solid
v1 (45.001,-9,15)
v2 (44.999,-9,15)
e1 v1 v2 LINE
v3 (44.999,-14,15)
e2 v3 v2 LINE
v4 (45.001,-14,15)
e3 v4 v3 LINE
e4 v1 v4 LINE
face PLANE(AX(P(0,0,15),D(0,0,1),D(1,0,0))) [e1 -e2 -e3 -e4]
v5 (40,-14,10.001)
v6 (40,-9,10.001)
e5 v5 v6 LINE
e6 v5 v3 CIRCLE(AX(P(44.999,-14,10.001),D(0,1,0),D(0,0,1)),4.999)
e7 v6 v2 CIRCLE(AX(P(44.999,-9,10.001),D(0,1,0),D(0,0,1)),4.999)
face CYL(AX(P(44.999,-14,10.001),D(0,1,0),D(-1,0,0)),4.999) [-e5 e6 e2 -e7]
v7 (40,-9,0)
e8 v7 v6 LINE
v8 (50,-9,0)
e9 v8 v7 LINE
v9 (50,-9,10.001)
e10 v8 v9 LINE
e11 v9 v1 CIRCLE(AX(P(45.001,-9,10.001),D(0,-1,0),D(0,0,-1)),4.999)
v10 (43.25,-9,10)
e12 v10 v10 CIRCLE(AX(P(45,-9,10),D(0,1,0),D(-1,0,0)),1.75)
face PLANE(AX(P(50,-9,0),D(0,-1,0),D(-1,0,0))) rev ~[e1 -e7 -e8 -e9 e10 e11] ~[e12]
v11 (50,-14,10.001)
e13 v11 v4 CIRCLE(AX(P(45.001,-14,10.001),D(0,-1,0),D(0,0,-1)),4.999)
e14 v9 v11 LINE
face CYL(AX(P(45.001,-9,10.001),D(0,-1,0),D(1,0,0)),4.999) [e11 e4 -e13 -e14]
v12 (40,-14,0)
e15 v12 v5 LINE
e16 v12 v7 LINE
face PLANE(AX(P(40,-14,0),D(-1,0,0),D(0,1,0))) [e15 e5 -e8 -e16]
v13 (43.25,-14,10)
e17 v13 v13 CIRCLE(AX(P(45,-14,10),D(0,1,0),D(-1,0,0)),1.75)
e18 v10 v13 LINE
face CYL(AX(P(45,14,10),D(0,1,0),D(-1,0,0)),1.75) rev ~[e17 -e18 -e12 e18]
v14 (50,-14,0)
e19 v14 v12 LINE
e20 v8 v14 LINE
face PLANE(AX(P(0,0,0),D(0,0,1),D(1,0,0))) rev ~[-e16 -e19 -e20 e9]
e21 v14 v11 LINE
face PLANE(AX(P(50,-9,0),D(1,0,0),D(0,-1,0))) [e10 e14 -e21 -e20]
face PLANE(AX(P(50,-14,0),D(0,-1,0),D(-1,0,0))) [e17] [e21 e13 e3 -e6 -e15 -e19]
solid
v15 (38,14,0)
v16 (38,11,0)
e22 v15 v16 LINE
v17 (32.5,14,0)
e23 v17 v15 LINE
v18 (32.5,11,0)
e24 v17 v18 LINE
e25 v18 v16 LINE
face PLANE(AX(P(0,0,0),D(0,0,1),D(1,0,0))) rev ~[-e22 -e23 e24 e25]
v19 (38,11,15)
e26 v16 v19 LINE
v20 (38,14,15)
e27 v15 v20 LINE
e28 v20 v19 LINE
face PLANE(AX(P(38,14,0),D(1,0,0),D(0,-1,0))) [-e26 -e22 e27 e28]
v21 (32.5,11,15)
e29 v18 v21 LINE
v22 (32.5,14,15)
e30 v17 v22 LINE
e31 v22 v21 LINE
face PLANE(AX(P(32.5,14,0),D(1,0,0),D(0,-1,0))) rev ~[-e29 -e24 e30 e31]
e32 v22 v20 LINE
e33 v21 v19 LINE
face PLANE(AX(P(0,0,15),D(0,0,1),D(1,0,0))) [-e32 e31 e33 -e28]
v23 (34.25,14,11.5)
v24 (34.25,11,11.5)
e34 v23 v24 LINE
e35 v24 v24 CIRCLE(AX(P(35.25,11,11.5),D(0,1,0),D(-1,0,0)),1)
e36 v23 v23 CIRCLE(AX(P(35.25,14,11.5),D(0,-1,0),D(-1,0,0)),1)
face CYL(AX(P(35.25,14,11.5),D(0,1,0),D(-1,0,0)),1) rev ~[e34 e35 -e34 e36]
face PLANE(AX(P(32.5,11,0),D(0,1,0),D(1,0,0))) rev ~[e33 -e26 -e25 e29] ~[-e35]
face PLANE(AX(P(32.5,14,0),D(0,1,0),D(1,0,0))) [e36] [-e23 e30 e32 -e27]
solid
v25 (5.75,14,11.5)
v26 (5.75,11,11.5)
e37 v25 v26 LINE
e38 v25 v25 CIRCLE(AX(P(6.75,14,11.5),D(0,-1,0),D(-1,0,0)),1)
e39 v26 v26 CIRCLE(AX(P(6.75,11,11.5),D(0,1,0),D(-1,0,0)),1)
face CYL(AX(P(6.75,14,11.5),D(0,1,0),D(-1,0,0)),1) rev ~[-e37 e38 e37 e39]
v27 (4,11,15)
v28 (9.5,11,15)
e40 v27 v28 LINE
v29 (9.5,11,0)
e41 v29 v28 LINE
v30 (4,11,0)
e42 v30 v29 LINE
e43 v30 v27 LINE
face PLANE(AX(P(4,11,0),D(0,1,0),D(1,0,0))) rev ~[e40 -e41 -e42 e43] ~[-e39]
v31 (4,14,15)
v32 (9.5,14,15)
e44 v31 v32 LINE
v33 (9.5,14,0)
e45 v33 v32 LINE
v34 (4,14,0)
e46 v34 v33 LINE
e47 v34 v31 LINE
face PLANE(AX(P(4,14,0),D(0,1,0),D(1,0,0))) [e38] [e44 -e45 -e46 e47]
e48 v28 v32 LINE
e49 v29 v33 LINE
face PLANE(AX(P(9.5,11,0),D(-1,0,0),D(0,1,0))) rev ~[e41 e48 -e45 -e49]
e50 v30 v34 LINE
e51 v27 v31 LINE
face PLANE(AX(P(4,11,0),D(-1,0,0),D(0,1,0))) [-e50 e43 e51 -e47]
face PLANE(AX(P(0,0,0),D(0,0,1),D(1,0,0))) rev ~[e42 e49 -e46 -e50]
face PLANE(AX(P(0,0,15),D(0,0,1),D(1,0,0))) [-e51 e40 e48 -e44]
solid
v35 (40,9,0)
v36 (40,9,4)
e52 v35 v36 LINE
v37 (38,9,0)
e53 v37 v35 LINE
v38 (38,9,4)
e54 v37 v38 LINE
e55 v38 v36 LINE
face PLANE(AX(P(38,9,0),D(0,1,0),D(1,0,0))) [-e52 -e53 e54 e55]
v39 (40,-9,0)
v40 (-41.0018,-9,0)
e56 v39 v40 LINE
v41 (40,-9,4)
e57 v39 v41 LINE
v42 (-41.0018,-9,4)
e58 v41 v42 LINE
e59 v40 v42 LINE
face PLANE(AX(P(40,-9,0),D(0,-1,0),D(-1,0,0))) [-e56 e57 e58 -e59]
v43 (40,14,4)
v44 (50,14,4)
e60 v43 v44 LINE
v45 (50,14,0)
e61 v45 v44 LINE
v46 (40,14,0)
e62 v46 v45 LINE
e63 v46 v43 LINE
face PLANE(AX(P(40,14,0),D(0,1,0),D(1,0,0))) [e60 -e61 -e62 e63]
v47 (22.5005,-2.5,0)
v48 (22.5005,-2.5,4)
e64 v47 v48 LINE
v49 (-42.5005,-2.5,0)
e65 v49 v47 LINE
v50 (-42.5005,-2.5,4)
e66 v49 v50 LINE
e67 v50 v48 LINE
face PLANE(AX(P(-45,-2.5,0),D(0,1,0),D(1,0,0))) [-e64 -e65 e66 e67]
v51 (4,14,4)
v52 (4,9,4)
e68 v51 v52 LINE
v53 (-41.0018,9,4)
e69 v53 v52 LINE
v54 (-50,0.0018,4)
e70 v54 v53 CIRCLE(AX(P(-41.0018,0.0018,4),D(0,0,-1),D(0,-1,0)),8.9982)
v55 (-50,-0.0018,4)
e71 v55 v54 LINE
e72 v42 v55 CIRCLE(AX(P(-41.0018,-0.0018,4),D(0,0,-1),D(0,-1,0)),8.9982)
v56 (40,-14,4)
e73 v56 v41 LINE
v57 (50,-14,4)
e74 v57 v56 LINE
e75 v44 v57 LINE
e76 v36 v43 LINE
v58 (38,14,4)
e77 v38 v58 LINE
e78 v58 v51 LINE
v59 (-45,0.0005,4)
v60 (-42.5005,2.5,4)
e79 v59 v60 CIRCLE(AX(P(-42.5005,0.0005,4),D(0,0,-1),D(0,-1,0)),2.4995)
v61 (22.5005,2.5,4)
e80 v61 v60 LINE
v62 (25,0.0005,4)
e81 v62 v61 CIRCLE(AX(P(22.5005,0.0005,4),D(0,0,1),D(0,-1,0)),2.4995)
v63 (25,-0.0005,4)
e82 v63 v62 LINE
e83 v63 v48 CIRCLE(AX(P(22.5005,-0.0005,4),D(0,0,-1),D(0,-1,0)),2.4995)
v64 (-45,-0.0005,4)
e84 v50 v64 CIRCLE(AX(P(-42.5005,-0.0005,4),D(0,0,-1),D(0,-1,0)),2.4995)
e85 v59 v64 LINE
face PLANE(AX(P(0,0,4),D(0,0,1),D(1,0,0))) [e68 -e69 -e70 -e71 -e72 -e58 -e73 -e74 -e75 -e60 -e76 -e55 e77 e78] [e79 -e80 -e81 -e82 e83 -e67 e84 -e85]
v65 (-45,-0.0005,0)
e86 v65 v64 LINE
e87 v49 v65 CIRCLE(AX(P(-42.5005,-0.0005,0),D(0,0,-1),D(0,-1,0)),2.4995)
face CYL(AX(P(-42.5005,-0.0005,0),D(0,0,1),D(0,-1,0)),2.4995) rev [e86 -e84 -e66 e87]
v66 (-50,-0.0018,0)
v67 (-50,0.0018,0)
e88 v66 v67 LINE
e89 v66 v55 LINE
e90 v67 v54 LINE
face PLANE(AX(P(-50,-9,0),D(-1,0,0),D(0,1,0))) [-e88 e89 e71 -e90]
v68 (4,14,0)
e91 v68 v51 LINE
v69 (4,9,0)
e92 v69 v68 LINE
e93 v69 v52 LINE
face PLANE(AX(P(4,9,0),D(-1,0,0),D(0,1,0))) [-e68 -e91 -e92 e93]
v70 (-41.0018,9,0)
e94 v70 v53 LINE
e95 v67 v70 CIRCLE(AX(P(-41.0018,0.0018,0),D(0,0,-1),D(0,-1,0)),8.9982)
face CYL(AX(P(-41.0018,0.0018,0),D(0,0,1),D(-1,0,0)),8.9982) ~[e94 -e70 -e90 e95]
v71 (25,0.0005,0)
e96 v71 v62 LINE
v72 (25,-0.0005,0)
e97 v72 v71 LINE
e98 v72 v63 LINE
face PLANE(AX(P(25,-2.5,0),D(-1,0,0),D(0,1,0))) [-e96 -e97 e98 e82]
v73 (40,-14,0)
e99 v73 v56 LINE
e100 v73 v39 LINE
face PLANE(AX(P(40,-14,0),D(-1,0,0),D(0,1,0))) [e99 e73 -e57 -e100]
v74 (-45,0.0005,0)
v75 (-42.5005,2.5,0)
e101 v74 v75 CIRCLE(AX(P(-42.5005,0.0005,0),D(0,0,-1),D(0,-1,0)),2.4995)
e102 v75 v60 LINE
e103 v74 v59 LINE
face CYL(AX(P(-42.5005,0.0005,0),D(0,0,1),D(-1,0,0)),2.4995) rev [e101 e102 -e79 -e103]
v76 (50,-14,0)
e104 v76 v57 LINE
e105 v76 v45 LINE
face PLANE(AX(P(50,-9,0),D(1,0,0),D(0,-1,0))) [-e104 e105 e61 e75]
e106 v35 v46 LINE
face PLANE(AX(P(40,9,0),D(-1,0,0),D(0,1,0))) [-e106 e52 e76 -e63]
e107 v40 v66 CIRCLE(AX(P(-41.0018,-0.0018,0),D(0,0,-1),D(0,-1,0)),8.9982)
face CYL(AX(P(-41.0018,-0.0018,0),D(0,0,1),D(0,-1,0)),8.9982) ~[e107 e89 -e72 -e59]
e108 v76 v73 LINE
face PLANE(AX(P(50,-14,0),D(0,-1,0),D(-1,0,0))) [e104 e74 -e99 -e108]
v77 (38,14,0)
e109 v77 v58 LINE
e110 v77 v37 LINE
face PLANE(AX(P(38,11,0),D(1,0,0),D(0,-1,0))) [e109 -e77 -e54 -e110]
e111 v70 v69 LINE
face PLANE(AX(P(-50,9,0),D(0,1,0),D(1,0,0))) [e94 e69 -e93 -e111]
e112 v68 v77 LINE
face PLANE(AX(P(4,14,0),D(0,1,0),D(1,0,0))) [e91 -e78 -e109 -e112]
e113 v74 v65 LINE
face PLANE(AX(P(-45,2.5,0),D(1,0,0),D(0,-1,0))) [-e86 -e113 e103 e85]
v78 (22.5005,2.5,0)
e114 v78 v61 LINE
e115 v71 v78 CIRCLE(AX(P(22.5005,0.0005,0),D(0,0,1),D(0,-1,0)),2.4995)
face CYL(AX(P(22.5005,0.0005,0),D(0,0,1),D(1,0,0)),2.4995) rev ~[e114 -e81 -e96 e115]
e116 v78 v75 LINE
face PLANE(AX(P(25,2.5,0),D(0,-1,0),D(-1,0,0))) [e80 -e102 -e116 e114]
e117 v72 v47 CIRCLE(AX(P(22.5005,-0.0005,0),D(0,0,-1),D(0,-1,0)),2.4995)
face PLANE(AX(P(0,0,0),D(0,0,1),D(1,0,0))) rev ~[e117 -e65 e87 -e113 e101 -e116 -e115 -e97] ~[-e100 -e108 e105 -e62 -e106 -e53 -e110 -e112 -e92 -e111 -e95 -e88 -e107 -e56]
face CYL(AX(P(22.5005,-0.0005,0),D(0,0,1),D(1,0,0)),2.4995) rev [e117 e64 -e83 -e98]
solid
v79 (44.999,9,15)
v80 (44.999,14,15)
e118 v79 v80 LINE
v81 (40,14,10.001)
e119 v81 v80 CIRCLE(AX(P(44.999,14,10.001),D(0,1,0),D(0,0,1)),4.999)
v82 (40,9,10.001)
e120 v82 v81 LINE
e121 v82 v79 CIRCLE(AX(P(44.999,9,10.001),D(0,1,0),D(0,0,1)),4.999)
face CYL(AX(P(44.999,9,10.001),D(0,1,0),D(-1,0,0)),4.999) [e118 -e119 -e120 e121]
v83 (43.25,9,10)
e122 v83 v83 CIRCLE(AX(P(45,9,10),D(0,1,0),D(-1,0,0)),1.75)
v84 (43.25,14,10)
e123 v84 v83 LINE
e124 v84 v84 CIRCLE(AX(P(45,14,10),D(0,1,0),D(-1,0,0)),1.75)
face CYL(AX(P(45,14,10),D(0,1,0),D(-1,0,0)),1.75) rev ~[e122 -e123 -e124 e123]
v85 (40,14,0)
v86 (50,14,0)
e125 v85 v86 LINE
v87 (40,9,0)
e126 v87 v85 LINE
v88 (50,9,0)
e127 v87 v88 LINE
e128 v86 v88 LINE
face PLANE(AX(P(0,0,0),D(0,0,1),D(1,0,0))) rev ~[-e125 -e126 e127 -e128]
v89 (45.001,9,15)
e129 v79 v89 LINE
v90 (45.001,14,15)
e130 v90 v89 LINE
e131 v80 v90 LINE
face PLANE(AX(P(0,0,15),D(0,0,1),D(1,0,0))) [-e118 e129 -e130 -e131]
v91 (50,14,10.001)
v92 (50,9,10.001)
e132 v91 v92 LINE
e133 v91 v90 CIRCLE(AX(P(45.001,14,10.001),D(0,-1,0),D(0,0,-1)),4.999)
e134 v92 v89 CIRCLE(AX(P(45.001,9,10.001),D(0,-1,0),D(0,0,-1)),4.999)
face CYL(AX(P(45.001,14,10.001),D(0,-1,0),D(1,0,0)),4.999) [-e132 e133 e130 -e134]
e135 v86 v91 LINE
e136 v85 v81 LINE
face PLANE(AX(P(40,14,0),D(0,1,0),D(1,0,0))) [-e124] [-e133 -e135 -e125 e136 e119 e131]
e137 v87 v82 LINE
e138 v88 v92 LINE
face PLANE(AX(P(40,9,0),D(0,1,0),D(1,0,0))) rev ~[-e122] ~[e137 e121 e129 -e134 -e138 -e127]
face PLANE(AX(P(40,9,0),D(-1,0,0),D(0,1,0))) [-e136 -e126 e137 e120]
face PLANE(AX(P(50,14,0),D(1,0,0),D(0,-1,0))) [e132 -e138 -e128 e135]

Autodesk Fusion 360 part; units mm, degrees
sketch "Sketch1" plane through (0, 0, 0) normal (0, 0, 1) x (1, 0, 0)
  line L0 (50, -9) -> (-50, -9)
  line L1 (-50, -9) -> (-50, 9)
  line L2 (-50, 9) -> (50, 9)
  line L3 (50, 9) -> (50, -9)
  line L4 (50, -9) -> (-50, 9) construction
  line L5 (-50, -9) -> (50, 9) construction
  line L6 (40, 14) -> (50, 14)
  line L7 (50, 14) -> (50, -14)
  line L8 (50, -14) -> (40, -14)
  line L9 (40, -14) -> (40, 14)
  line L10 (4, 14) -> (38, 14)
  line L11 (38, 14) -> (38, 9)
  line L12 (38, 9) -> (4, 9)
  line L13 (4, 9) -> (4, 14)
  line L14 (38, 14) -> (4, 14)
  line L15 (4, 14) -> (4, 11)
  line L16 (4, 11) -> (38, 11)
  line L17 (38, 11) -> (38, 14)
  line L18 (9.5, 14) -> (32.5, 14)
  line L19 (32.5, 14) -> (32.5, 11)
  line L20 (32.5, 11) -> (9.5, 11)
  line L21 (9.5, 11) -> (9.5, 14)
  line L22 (50, 14) -> (40, -14) construction
  line L23 (-50, 0) -> (40, 0) construction
  line L24 (25, 2.5) -> (-45, 2.5)
  line L25 (-45, 2.5) -> (-45, -2.5)
  line L26 (-45, -2.5) -> (25, -2.5)
  line L27 (25, -2.5) -> (25, 2.5)
  line L28 (25, 2.5) -> (-45, -2.5) construction
  line L29 (-45, 2.5) -> (25, -2.5) construction
  point P0 (-10, 0)
  dimension "d1" = 100
  dimension "d2" = 18
  dimension "d3" = 28
  dimension "d4" = 10
  dimension "d5" = 5
  dimension "d6" = 34
  dimension "d7" = 3
  dimension "d8" = 5
  dimension "d9" = 5.5
  dimension "d10" = 5.5
  dimension "d12" = 2
  dimension "d13" = 70
  dimension "d14" = 5
  dimension "d15" = 5
extrude "Extrude1" add sketch "Sketch1" along normal blind 4 makes body 1
extrude "Extrude2" add sketch "Sketch1" along normal blind 15 separate body contours L0 L7 L8 L9 | L2 L6 L7 L9 | L10 L11 L14 L16 L17 L19 | L10 L13 L14 L15 L16 L21 makes body 2 at (46.6667, -14, 5) makes body 3 at (34.3333, 11, 5) makes body 4 at (43.3333, 9, 5) makes body 5 at (5.8333, 14, 5)
fillet "Fillet1" radius 5 4 edges at (40, -11.5, 15) (50, -11.5, 15) (40, 11.5, 15) (50, 11.5, 15) on bodies 2 4
fillet "Fillet2" radius 9 2 edges at (-50, 9, 2) (-50, -9, 2) on bodies 1
fillet "Fillet3" radius 2.5 4 edges at (-45, 2.5, 2) (-45, -2.5, 2) (25, 2.5, 2) (25, -2.5, 2) on bodies 1
sketch "Sketch2" plane through (0, 14, 0) normal (0, 1, 0) x (-1, 0, 0)
  arc A0 (-40, 10) -> (-50, 10) centre (-45, 10) ccw
  line L0 (-50, 10) -> (-50, 0)
  line L1 (-50, 0) -> (-40, 0)
  line L2 (-40, 0) -> (-40, 10)
  circle A1 centre (-45, 10) radius 1.75
  dimension "d26" = 3.5
extrude "Extrude3" cut sketch "Sketch2" against normal through all contours A1 bodies 2 4
sketch "Sketch3" plane through (0, 14, 0) normal (0, 1, 0) x (-1, 0, 0)
  line L0 (-9.5, 0) -> (-4, 0)
  line L1 (-4, 0) -> (-4, 15)
  line L2 (-4, 15) -> (-9.5, 15)
  line L3 (-9.5, 15) -> (-9.5, 0)
  line L4 (-6.75, 15) -> (-6.75, 9)
  line L5 (-35.25, 17.6448) -> (-35.25, 12.3552)
  line L6 (-38, 15) -> (-32.5, 15)
  circle A0 centre (-35.25, 11.5) radius 1
  circle A1 centre (-6.75, 11.5) radius 1
  line L7 (-1, 11.5) -> (-39, 11.5) construction
  dimension "d28" = 3.5
  dimension "d29" = 2
  dimension "d30" = 2
extrude "Extrude4" cut sketch "Sketch3" against normal through all contours L4 A1 | L4 A1 | A0 bodies 3 5
equation "d30 = d29"
